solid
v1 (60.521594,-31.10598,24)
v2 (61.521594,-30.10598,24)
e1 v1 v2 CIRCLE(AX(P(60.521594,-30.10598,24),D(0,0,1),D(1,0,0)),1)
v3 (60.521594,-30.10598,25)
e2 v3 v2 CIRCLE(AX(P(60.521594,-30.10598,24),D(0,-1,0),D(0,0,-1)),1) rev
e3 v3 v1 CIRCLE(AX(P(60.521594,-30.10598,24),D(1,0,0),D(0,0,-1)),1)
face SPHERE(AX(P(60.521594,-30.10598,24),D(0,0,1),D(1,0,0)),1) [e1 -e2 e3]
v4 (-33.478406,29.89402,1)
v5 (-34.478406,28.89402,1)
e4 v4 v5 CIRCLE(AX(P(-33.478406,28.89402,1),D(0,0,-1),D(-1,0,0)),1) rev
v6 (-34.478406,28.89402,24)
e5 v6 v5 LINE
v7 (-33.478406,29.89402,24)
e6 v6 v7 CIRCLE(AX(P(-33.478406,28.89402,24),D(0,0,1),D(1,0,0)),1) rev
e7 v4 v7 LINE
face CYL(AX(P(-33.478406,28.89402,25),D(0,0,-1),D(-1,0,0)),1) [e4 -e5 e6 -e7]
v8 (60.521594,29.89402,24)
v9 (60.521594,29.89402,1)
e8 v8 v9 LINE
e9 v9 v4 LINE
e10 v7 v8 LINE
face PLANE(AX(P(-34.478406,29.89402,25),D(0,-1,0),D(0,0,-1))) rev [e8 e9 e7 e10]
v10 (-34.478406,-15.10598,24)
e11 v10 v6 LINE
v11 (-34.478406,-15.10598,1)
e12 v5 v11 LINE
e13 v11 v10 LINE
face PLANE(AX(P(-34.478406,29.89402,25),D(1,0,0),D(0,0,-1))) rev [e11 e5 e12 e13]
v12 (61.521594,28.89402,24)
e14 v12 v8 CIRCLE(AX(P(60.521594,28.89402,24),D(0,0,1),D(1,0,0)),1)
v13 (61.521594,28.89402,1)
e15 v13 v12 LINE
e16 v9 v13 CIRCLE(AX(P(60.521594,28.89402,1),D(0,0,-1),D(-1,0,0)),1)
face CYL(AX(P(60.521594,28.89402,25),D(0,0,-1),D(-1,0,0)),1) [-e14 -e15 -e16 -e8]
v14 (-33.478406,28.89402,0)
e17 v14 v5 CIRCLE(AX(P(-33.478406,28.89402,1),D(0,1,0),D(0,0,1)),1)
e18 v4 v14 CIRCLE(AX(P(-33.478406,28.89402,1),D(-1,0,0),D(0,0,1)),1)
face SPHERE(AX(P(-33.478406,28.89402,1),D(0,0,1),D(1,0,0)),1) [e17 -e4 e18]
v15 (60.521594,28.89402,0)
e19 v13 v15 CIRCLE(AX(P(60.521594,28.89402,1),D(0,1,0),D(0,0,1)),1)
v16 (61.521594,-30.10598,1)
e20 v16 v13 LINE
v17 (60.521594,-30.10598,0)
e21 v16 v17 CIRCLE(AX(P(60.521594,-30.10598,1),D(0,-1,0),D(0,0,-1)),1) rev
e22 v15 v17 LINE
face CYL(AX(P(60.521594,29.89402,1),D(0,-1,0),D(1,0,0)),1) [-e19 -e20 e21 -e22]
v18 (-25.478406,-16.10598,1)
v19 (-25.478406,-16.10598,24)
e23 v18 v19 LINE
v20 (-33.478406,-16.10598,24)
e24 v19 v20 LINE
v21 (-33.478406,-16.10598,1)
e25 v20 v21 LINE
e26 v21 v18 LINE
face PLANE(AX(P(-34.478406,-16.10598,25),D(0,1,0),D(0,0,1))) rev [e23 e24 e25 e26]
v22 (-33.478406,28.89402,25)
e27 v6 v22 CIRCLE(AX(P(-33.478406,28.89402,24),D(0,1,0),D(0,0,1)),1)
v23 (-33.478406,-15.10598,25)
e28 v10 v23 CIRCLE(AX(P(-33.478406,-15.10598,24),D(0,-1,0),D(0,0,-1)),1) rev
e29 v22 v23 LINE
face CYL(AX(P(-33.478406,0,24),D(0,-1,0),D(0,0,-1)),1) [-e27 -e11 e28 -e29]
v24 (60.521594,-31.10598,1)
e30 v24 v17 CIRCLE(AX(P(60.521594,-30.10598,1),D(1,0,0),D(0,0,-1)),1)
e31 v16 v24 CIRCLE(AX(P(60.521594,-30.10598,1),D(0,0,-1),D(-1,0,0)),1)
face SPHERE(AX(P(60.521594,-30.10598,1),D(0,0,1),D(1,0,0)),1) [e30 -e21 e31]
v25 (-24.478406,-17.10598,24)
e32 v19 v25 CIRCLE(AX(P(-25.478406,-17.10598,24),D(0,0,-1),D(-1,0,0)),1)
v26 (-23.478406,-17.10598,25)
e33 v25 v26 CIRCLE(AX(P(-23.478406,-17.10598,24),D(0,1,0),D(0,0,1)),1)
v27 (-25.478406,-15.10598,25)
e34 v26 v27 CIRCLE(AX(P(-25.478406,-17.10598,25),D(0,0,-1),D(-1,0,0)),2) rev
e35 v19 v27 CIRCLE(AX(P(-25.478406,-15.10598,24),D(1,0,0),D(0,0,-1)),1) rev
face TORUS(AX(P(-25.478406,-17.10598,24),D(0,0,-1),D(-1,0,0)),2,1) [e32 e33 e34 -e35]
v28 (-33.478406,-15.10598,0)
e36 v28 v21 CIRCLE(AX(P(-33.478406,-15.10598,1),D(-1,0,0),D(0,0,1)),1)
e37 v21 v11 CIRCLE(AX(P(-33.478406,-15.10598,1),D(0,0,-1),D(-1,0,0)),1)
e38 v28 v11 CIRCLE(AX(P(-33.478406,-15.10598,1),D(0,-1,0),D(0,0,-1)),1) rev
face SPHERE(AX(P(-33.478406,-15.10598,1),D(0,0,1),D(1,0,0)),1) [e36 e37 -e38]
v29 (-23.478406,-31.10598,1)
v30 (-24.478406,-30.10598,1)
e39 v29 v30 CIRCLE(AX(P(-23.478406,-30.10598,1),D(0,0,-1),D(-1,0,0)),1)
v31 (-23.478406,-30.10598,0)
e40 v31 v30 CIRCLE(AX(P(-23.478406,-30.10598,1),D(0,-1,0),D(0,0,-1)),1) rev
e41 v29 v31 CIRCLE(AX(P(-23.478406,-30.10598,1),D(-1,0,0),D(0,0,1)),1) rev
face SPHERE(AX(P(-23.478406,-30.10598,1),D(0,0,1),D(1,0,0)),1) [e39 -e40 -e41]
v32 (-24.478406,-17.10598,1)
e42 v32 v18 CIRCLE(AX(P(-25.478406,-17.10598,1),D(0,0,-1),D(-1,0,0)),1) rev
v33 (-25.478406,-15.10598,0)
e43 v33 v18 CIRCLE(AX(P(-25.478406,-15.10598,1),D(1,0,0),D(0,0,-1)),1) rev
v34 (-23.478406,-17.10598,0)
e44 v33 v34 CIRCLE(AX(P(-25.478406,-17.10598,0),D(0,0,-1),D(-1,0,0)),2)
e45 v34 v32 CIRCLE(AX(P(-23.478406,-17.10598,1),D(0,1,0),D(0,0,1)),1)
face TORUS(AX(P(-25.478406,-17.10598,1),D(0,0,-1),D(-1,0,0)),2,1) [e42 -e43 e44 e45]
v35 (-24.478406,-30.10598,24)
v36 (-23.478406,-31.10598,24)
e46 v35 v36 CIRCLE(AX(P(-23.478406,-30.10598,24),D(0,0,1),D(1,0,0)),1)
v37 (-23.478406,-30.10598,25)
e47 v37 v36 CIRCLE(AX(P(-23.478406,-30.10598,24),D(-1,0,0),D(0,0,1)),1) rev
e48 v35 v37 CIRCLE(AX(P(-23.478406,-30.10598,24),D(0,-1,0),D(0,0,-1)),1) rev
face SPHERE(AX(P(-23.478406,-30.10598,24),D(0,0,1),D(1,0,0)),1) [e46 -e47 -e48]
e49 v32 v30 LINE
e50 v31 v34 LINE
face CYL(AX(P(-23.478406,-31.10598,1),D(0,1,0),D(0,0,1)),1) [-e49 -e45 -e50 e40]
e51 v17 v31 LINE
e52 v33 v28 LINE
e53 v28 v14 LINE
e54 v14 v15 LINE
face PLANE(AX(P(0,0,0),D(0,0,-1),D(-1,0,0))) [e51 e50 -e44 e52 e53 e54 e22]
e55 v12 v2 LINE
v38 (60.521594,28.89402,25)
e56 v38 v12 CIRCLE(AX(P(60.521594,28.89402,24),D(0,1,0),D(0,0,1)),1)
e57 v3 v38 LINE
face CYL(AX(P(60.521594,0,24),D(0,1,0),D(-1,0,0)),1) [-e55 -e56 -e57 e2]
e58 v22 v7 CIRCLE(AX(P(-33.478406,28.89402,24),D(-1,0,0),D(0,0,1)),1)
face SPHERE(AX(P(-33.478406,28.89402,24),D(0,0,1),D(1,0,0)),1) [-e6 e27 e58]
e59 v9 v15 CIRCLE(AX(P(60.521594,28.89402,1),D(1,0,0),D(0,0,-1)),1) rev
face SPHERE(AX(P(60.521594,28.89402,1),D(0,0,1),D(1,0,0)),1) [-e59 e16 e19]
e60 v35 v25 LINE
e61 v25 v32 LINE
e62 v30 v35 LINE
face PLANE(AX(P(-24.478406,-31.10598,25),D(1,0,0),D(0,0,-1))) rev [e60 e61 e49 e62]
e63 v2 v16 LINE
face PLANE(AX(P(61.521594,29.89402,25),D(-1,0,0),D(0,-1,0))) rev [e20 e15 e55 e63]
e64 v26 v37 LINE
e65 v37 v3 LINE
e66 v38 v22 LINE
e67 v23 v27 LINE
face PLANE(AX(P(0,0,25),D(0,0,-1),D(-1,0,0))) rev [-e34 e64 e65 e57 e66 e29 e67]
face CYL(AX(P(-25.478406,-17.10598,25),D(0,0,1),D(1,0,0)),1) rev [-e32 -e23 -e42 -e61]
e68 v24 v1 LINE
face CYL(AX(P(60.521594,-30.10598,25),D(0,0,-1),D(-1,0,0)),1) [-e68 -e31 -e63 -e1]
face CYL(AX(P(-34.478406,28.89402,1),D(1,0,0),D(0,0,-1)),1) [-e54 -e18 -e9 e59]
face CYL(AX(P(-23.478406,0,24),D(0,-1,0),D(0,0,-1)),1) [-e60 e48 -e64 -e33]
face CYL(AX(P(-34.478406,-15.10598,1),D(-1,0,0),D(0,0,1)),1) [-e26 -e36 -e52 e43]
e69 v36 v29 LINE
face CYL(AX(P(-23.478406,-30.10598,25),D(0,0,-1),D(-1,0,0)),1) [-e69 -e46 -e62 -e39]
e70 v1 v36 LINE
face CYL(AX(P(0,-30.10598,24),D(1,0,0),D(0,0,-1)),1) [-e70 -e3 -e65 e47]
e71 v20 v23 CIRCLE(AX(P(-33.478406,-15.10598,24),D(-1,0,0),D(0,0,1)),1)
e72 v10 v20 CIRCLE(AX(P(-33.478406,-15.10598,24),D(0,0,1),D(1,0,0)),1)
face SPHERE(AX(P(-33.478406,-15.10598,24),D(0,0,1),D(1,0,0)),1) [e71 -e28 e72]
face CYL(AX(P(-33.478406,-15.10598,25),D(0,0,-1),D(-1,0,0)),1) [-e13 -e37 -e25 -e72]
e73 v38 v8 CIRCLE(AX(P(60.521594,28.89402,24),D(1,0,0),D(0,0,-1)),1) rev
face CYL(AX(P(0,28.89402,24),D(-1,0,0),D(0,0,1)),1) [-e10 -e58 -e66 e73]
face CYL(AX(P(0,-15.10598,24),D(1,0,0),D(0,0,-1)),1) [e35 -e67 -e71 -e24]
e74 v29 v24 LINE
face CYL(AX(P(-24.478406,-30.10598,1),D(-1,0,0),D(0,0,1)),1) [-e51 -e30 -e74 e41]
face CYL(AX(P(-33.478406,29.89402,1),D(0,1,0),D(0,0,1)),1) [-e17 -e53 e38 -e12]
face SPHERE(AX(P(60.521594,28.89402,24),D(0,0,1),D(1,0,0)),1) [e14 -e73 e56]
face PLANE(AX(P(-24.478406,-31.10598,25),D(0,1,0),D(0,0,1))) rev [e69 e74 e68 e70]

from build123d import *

# Parameters (mm, degrees)
DODANIE_WYCI_GNI_CIE1_DEPTH = 25
ZAOKR_GLENIE3_R             = 1


with BuildPart() as part:
    # Szkic1 → Dodanie-wyciągnięcie1 (new body)
    with BuildSketch(Plane.XY):
        Polygon((-34.478406184, 29.894019729), (-34.478406184, -16.105980271), (-24.478406184, -16.105980271), (-24.478406184, -31.105980271), (61.521593816, -31.105980271), (61.521593816, 29.894019729), align=None)
    extrude(amount=DODANIE_WYCI_GNI_CIE1_DEPTH)

    # Zaokrąglenie3
    zaokr_glenie3_edges = [part.edges().sort_by_distance(p)[0] for p in [
        (-29.478406184, -16.105980271, 25),
        (61.521593816, 29.894019729, 12.5),
        (61.521593816, -31.105980271, 12.5),
        (-24.478406184, -31.105980271, 12.5),
        (-24.478406184, -16.105980271, 12.5),
        (-34.478406184, -16.105980271, 12.5),
        (-34.478406184, 29.894019729, 12.5),
        (-24.478406184, -23.605980271, 25),
        (18.521593816, -31.105980271, 25),
        (61.521593816, -0.605980271, 25),
        (13.521593816, 29.894019729, 25),
        (61.521593816, -0.605980271, 0),
        (18.521593816, -31.105980271, 0),
        (-24.478406184, -23.605980271, 0),
        (-34.478406184, 6.894019729, 25),
        (-29.478406184, -16.105980271, 0),
        (-34.478406184, 6.894019729, 0),
        (13.521593816, 29.894019729, 0),
    ]]
    fillet(zaokr_glenie3_edges, radius=ZAOKR_GLENIE3_R)


solid = part.part
